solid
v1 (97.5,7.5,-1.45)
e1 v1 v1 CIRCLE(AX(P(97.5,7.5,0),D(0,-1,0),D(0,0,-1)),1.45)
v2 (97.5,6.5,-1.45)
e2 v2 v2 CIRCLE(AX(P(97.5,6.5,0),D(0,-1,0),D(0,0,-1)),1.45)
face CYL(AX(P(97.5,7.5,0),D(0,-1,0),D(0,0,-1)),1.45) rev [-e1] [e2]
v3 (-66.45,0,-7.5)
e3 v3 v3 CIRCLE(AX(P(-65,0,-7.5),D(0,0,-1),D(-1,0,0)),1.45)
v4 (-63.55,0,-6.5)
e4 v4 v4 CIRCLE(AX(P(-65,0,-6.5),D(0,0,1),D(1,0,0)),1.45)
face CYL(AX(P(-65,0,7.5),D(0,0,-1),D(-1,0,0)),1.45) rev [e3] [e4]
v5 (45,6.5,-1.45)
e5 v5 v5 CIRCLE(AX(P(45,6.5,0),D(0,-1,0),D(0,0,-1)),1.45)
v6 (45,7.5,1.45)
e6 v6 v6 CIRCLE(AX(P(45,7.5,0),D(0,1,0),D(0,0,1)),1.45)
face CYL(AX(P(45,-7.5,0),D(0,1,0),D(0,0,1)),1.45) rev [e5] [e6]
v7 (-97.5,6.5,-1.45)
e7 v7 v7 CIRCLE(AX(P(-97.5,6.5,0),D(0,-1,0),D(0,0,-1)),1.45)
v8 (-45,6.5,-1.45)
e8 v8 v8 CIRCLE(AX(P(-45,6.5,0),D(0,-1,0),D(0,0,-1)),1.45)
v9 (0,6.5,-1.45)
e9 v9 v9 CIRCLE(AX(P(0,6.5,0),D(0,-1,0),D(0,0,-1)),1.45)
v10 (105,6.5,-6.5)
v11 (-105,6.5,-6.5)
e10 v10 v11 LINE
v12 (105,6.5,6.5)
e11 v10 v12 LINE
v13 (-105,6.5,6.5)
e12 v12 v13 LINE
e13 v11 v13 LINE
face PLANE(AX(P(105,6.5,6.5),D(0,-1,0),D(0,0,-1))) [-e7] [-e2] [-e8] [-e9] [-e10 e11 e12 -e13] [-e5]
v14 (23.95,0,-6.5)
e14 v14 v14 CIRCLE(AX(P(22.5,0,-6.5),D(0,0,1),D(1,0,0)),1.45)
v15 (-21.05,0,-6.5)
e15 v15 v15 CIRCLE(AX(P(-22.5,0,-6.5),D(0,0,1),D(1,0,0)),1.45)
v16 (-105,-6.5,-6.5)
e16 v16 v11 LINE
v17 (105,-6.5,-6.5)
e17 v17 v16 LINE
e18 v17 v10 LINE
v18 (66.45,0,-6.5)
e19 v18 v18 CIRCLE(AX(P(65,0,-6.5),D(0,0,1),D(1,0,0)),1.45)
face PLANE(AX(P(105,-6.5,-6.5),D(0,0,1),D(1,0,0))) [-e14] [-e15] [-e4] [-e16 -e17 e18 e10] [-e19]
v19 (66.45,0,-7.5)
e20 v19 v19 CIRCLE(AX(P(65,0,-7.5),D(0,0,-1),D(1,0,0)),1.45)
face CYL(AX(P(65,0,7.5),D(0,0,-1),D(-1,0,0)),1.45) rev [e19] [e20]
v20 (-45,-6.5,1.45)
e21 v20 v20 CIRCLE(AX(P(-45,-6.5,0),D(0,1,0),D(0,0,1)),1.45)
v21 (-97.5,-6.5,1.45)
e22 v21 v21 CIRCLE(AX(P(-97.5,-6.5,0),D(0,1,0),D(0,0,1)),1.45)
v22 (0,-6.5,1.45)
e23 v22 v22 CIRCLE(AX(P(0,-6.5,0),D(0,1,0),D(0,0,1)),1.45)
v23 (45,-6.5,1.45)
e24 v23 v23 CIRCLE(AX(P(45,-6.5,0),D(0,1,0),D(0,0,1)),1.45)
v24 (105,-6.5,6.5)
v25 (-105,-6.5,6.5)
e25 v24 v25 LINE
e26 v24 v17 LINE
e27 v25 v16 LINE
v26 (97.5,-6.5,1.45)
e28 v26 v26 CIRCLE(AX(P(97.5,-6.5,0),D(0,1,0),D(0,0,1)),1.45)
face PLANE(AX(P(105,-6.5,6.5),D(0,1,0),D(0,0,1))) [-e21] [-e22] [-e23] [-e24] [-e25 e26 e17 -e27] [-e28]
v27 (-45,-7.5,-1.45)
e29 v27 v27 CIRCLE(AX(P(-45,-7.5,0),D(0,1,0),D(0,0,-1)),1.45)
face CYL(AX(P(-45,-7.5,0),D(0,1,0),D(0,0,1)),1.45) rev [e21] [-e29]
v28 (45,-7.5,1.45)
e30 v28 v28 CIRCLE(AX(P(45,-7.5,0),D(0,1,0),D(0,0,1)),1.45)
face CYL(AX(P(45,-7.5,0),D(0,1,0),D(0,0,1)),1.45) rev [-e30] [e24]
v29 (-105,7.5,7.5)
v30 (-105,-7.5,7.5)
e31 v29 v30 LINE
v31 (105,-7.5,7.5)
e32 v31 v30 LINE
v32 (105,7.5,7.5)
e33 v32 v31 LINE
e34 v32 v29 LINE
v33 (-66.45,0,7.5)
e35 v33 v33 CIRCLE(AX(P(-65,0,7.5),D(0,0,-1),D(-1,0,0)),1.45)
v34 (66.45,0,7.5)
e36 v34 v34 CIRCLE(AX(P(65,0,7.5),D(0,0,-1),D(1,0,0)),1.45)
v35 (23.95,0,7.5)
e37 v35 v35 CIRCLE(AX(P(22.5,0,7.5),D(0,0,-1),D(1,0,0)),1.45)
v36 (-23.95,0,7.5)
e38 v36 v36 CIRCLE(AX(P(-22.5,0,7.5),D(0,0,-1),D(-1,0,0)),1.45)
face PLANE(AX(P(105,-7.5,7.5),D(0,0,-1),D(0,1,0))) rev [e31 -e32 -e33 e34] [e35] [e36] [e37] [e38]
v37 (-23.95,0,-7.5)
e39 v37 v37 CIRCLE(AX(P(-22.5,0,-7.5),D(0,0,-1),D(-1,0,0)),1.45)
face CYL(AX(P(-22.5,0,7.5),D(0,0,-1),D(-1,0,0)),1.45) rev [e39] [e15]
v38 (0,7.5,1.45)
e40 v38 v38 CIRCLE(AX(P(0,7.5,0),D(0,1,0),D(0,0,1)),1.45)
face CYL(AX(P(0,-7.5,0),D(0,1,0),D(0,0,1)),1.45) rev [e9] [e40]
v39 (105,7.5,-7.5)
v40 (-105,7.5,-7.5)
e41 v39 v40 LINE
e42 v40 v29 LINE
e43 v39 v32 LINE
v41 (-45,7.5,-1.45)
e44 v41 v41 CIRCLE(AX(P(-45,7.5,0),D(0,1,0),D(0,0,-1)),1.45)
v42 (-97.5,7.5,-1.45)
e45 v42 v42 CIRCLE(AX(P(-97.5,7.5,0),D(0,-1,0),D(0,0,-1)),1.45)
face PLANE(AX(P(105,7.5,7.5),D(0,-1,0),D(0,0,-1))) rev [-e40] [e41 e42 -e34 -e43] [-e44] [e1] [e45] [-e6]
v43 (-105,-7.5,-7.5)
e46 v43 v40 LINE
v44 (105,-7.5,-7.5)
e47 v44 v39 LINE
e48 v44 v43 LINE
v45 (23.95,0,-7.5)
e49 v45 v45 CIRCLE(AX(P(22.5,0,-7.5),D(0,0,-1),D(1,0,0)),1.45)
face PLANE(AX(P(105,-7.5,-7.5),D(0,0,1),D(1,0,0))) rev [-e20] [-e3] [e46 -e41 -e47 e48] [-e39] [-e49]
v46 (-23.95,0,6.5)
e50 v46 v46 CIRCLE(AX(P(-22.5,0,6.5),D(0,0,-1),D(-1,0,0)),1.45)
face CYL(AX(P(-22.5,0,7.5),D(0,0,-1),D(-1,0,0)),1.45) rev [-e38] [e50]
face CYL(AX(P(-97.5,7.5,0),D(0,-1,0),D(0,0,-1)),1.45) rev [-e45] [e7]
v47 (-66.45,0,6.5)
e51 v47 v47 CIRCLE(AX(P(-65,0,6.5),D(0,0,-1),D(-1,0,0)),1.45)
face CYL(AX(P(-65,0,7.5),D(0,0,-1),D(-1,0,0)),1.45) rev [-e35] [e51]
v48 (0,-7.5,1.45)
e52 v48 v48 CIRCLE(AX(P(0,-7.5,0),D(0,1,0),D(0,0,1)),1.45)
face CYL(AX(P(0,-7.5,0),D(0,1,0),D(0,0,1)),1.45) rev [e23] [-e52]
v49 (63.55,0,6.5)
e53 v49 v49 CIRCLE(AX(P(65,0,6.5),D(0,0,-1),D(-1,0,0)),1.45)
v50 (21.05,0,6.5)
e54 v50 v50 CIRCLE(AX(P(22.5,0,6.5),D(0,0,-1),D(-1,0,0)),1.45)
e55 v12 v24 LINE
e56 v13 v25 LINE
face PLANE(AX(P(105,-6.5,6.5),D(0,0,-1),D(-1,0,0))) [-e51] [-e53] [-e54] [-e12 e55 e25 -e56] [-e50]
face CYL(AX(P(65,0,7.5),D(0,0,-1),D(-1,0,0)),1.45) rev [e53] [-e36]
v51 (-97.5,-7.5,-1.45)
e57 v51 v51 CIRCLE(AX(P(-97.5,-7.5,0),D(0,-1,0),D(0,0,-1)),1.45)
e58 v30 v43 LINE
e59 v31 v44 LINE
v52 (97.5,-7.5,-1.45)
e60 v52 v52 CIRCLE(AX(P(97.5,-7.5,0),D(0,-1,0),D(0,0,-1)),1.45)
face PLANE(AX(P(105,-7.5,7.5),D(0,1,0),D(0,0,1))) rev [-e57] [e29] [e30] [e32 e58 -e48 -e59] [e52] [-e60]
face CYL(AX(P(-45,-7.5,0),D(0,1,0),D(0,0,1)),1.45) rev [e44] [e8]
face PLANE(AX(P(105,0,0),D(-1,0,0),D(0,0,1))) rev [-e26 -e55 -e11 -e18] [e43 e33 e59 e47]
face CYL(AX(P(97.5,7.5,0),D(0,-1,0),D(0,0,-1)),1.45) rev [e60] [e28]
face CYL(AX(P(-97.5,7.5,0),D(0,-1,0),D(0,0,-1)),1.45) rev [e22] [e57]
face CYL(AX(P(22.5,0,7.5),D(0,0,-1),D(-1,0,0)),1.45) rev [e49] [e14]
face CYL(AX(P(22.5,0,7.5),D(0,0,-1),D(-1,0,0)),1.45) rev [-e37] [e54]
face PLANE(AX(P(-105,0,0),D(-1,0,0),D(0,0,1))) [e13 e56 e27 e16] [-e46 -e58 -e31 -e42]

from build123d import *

# Parameters (mm, degrees)
SKETCH_11_W         = 15
SKETCH_11_H         = 15
SKETCH_11_W_2       = 13
SKETCH_11_H_2       = 13
F_15X15X1_1_DEPTH   = 210
SKETCH_12_R         = 1.45
CUT_EXTRUDE_1_DEPTH = 107.330851591
SKETCH_14_R         = 1.45
CUT_EXTRUDE_3_DEPTH = 107.330851591
SKETCH_15_R         = 1.45
CUT_EXTRUDE_4_DEPTH = 107.330851591


with BuildPart() as part:
    # 草图11 → 铝管 15X15X1(1) (new body)
    with BuildSketch(Plane(origin=(-105, 0, 0), x_dir=(0, 0, -1), z_dir=(1, 0, 0))):
        Rectangle(SKETCH_11_W, SKETCH_11_H)
        Rectangle(SKETCH_11_W_2, SKETCH_11_H_2, mode=Mode.SUBTRACT)
    extrude(amount=F_15X15X1_1_DEPTH)

    # 草图12 → 切除-拉伸1 (cut, through all)
    with BuildSketch(Plane(origin=(0, 0, -7.5), x_dir=(-1, 0, 0), z_dir=(0, 0, -1))):
        with Locations((22.5, 0)):
            Circle(SKETCH_12_R)
        with Locations((65, 0)):
            Circle(SKETCH_12_R)
        with Locations((-65, 0)):
            Circle(SKETCH_12_R)
        with Locations((-22.5, 0)):
            Circle(SKETCH_12_R)
    extrude(amount=-CUT_EXTRUDE_1_DEPTH, mode=Mode.SUBTRACT)

    # 草图14 → 切除-拉伸3 (cut, through all)
    with BuildSketch(Plane(origin=(0, 7.5, 0), x_dir=(1, 0, 0), z_dir=(0, 1, 0))):
        with Locations(Location((0, 0, 0), (0, 0, 270))):
            Circle(SKETCH_14_R)
        with Locations(Location((45, 0, 0), (0, 0, 270))):
            Circle(SKETCH_14_R)
        with Locations(Location((-45, 0, 0), (0, 0, 90))):
            Circle(SKETCH_14_R)
    extrude(amount=-CUT_EXTRUDE_3_DEPTH, mode=Mode.SUBTRACT)

    # 草图15 → 切除-拉伸4 (cut, through all)
    with BuildSketch(Plane.XZ.offset(7.5)):
        with Locations(Location((-97.5, 0, 0), (0, 0, 270))):
            Circle(SKETCH_15_R)
        with Locations(Location((97.5, 0, 0), (0, 0, 270))):
            Circle(SKETCH_15_R)
    extrude(amount=-CUT_EXTRUDE_4_DEPTH, mode=Mode.SUBTRACT)


solid = part.part
